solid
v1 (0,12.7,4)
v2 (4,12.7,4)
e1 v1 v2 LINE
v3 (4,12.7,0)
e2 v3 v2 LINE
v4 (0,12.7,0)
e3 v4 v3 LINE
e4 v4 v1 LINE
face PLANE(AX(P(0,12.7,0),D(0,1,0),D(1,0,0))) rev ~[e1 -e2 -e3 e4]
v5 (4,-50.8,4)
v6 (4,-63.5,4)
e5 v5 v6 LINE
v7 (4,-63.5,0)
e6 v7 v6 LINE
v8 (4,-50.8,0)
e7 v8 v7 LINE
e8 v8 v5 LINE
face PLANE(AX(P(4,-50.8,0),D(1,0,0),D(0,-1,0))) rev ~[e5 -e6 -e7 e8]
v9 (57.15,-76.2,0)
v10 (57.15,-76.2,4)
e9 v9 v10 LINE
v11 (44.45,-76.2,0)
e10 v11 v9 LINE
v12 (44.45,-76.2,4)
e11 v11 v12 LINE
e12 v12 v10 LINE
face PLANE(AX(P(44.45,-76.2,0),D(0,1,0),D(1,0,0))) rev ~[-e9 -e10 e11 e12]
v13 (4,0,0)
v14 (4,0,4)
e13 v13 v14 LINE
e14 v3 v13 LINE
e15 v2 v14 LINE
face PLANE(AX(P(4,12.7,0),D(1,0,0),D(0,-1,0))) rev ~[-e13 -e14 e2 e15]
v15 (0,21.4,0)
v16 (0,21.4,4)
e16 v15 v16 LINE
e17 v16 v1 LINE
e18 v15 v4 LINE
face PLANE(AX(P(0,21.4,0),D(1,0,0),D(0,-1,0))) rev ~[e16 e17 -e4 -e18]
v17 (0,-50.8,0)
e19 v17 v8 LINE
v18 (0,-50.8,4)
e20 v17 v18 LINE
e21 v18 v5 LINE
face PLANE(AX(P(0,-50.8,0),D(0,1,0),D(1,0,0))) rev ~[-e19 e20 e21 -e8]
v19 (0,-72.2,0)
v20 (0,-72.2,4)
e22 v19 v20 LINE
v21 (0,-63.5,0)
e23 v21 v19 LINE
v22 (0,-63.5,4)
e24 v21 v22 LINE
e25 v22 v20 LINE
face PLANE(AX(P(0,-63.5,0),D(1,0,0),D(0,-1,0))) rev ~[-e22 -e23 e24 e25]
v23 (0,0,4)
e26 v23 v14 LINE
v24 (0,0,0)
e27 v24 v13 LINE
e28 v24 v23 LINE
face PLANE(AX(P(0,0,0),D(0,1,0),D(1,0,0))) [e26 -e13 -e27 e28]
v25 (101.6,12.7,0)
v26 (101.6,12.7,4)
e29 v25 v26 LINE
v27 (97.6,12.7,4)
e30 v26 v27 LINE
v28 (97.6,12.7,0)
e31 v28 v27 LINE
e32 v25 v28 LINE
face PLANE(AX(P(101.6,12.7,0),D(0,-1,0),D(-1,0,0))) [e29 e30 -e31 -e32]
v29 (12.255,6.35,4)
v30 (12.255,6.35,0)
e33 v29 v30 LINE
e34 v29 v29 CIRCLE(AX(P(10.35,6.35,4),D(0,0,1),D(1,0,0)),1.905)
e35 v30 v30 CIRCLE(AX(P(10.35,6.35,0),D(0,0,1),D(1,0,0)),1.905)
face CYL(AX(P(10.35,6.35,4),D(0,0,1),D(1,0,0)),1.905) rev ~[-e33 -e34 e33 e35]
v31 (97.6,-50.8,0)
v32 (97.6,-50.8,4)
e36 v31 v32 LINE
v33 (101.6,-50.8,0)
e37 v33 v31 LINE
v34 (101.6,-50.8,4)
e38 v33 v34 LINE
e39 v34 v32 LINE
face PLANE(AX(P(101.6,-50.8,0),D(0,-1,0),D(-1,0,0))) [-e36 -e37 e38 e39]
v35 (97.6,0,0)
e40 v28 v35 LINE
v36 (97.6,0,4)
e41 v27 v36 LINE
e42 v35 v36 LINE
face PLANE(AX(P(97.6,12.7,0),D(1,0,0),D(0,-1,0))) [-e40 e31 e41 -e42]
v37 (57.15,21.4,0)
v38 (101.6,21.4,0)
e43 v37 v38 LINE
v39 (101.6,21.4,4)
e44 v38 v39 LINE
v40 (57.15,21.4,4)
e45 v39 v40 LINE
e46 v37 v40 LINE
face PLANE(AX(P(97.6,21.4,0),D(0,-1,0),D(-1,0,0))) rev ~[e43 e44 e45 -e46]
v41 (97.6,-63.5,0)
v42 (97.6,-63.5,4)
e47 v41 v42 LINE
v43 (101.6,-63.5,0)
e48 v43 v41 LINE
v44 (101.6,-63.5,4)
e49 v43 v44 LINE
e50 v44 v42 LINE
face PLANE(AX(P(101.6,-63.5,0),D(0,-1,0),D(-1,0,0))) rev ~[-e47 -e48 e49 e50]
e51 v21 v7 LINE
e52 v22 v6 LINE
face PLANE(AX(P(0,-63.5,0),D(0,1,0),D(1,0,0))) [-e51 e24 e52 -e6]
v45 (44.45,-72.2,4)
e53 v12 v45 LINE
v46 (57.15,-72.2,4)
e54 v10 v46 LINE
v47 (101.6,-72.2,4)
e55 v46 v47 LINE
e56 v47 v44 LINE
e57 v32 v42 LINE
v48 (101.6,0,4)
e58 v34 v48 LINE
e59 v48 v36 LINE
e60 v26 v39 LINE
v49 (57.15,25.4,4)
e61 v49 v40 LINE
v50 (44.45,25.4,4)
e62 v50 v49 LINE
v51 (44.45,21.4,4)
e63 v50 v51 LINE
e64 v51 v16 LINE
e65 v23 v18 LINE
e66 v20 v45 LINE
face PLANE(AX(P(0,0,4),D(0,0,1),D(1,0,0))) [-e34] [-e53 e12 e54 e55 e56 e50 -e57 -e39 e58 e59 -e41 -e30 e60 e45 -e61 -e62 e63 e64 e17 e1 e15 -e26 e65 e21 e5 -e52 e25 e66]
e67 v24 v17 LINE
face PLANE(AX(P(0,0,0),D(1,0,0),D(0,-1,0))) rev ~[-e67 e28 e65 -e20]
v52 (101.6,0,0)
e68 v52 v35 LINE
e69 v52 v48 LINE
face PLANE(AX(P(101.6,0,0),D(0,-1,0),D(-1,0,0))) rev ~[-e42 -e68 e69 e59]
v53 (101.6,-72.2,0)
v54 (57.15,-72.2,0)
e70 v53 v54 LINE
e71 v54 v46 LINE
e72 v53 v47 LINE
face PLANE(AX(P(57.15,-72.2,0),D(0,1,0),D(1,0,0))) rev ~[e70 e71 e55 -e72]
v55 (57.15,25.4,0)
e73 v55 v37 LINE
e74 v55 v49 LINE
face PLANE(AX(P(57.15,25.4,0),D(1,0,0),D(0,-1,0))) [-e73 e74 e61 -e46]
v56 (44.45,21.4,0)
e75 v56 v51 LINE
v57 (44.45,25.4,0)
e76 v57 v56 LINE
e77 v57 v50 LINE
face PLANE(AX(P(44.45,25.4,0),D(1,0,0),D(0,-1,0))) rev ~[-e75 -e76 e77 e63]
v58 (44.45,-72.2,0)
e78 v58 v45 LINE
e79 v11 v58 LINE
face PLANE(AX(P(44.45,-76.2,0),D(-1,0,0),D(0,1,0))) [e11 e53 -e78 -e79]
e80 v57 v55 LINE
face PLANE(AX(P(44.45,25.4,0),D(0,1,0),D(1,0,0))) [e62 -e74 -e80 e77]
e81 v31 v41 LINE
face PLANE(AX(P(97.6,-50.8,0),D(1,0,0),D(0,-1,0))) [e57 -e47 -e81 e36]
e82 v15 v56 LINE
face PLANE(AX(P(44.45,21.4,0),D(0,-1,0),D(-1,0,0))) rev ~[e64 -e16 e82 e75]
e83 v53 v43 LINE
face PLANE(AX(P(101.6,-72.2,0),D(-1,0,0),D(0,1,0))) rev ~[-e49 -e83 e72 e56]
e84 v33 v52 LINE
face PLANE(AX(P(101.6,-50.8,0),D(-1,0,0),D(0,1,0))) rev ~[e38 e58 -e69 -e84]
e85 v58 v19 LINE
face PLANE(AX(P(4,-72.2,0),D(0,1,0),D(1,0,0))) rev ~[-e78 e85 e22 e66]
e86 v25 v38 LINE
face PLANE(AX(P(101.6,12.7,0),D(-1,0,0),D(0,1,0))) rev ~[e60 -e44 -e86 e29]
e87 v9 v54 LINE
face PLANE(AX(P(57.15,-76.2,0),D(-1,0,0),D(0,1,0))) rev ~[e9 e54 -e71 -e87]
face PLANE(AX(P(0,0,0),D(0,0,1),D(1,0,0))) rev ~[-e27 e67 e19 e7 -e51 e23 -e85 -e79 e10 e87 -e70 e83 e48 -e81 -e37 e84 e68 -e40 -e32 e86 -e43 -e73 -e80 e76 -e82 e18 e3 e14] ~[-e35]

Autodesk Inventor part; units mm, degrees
ref_plane "YZ Plane" through (0, 0, 0) normal (1, 0, 0) x (0, 1, 0)
ref_plane "XZ Plane" through (0, 0, 0) normal (0, 1, 0) x (-1, 0, 0)
ref_plane "XY Plane" through (0, 0, 0) normal (0, 0, 1) x (1, 0, 0)
sketch "Sketch1" plane through (0, 0, 0) normal (0, 0, 1) x (1, 0, 0)
  line L0 (0, 0) -> (0, -50.8) projected
  line L1 (0, -50.8) -> (4, -50.8) projected
  line L2 (4, 0) -> (4, -50.8) projected
  line L3 (0, 0) -> (4, 0) projected
  line L4 (0, -63.5) -> (0, -72.2) projected
  line L5 (0, -72.2) -> (4, -72.2) projected
  line L6 (4, -63.5) -> (4, -72.2) projected
  line L7 (0, -63.5) -> (4, -63.5) projected
  line L8 (0, 21.4) -> (0, 12.7) projected
  line L9 (0, 12.7) -> (4, 12.7) projected
  line L10 (4, 21.4) -> (4, 12.7) projected
  line L11 (0, 21.4) -> (4, 21.4) projected
  line L12 (44.45, 25.4) -> (57.15, 25.4) projected
  line L13 (44.45, 25.4) -> (44.45, 21.4) projected
  line L14 (44.45, 21.4) -> (57.15, 21.4) projected
  line L15 (57.15, 25.4) -> (57.15, 21.4) projected
  line L16 (44.45, -76.2) -> (57.15, -76.2) projected
  line L17 (57.15, -76.2) -> (57.15, -72.2) projected
  line L18 (44.45, -72.2) -> (57.15, -72.2) projected
  line L19 (44.45, -76.2) -> (44.45, -72.2) projected
  line L20 (101.6, 21.4) -> (4, 21.4)
  line L21 (4, 21.4) -> (4, -72.2)
  line L22 (4, -72.2) -> (101.6, -72.2)
  line L23 (101.6, -72.2) -> (101.6, 21.4)
  line L24 (50.8, 21.4) -> (50.8, -72.2)
  line L25 (101.6, 0) -> (101.6, -50.8)
  line L26 (101.6, -50.8) -> (97.6, -50.8)
  line L27 (97.6, 0) -> (97.6, -50.8)
  line L28 (101.6, 0) -> (97.6, 0)
  line L29 (101.6, -63.5) -> (101.6, -72.2)
  line L30 (101.6, -72.2) -> (97.6, -72.2)
  line L31 (97.6, -63.5) -> (97.6, -72.2)
  line L32 (101.6, -63.5) -> (97.6, -63.5)
  line L33 (101.6, 21.4) -> (101.6, 12.7)
  line L34 (101.6, 12.7) -> (97.6, 12.7)
  line L35 (101.6, 21.4) -> (97.6, 21.4)
  line L36 (97.6, 12.7) -> (97.6, 21.4)
  line L37 (97.6, 12.7) -> (97.6, 0)
  line L38 (97.6, -50.8) -> (97.6, -63.5)
extrude "Extrusion1" add sketch "Sketch1" along normal blind 4 contours L3 L2 L1 L0 | L21 L10 L20 L14 L24 L18 L22 L6 L2 | L9 L8 L11 L10 | L6 L5 L4 L7 | L13 L12 L15 L14 | L18 L17 L16 L19 | L14 L20 L36 L37 L27 L38 L31 L22 L18 L24 | L20 L23 L34 L36 | L31 L32 L23 L22 | L28 L23 L26 L27
ref_plane "Work Plane1" through (50.8, -50.8, 0) normal (1, 0, 0) x (0, 0, -1)
sketch "Sketch2" plane through (0, 0, 4) normal (0, 0, 1) x (1, 0, 0)
  circle A0 centre (10.35, 6.35) radius 1.905
  line L0 (4, 12.7) -> (4, 0) projected
  point P0 (0, 0)
  point P1 (4, 6.35)
  point P2 (4, 6.35)
  dimension "d2" = 3.81
  dimension "d3" = 6.35
extrude "Extrusion2" cut sketch "Sketch2" against normal through all
properties part number "Left Panel" material "Wood (Cherry)"
